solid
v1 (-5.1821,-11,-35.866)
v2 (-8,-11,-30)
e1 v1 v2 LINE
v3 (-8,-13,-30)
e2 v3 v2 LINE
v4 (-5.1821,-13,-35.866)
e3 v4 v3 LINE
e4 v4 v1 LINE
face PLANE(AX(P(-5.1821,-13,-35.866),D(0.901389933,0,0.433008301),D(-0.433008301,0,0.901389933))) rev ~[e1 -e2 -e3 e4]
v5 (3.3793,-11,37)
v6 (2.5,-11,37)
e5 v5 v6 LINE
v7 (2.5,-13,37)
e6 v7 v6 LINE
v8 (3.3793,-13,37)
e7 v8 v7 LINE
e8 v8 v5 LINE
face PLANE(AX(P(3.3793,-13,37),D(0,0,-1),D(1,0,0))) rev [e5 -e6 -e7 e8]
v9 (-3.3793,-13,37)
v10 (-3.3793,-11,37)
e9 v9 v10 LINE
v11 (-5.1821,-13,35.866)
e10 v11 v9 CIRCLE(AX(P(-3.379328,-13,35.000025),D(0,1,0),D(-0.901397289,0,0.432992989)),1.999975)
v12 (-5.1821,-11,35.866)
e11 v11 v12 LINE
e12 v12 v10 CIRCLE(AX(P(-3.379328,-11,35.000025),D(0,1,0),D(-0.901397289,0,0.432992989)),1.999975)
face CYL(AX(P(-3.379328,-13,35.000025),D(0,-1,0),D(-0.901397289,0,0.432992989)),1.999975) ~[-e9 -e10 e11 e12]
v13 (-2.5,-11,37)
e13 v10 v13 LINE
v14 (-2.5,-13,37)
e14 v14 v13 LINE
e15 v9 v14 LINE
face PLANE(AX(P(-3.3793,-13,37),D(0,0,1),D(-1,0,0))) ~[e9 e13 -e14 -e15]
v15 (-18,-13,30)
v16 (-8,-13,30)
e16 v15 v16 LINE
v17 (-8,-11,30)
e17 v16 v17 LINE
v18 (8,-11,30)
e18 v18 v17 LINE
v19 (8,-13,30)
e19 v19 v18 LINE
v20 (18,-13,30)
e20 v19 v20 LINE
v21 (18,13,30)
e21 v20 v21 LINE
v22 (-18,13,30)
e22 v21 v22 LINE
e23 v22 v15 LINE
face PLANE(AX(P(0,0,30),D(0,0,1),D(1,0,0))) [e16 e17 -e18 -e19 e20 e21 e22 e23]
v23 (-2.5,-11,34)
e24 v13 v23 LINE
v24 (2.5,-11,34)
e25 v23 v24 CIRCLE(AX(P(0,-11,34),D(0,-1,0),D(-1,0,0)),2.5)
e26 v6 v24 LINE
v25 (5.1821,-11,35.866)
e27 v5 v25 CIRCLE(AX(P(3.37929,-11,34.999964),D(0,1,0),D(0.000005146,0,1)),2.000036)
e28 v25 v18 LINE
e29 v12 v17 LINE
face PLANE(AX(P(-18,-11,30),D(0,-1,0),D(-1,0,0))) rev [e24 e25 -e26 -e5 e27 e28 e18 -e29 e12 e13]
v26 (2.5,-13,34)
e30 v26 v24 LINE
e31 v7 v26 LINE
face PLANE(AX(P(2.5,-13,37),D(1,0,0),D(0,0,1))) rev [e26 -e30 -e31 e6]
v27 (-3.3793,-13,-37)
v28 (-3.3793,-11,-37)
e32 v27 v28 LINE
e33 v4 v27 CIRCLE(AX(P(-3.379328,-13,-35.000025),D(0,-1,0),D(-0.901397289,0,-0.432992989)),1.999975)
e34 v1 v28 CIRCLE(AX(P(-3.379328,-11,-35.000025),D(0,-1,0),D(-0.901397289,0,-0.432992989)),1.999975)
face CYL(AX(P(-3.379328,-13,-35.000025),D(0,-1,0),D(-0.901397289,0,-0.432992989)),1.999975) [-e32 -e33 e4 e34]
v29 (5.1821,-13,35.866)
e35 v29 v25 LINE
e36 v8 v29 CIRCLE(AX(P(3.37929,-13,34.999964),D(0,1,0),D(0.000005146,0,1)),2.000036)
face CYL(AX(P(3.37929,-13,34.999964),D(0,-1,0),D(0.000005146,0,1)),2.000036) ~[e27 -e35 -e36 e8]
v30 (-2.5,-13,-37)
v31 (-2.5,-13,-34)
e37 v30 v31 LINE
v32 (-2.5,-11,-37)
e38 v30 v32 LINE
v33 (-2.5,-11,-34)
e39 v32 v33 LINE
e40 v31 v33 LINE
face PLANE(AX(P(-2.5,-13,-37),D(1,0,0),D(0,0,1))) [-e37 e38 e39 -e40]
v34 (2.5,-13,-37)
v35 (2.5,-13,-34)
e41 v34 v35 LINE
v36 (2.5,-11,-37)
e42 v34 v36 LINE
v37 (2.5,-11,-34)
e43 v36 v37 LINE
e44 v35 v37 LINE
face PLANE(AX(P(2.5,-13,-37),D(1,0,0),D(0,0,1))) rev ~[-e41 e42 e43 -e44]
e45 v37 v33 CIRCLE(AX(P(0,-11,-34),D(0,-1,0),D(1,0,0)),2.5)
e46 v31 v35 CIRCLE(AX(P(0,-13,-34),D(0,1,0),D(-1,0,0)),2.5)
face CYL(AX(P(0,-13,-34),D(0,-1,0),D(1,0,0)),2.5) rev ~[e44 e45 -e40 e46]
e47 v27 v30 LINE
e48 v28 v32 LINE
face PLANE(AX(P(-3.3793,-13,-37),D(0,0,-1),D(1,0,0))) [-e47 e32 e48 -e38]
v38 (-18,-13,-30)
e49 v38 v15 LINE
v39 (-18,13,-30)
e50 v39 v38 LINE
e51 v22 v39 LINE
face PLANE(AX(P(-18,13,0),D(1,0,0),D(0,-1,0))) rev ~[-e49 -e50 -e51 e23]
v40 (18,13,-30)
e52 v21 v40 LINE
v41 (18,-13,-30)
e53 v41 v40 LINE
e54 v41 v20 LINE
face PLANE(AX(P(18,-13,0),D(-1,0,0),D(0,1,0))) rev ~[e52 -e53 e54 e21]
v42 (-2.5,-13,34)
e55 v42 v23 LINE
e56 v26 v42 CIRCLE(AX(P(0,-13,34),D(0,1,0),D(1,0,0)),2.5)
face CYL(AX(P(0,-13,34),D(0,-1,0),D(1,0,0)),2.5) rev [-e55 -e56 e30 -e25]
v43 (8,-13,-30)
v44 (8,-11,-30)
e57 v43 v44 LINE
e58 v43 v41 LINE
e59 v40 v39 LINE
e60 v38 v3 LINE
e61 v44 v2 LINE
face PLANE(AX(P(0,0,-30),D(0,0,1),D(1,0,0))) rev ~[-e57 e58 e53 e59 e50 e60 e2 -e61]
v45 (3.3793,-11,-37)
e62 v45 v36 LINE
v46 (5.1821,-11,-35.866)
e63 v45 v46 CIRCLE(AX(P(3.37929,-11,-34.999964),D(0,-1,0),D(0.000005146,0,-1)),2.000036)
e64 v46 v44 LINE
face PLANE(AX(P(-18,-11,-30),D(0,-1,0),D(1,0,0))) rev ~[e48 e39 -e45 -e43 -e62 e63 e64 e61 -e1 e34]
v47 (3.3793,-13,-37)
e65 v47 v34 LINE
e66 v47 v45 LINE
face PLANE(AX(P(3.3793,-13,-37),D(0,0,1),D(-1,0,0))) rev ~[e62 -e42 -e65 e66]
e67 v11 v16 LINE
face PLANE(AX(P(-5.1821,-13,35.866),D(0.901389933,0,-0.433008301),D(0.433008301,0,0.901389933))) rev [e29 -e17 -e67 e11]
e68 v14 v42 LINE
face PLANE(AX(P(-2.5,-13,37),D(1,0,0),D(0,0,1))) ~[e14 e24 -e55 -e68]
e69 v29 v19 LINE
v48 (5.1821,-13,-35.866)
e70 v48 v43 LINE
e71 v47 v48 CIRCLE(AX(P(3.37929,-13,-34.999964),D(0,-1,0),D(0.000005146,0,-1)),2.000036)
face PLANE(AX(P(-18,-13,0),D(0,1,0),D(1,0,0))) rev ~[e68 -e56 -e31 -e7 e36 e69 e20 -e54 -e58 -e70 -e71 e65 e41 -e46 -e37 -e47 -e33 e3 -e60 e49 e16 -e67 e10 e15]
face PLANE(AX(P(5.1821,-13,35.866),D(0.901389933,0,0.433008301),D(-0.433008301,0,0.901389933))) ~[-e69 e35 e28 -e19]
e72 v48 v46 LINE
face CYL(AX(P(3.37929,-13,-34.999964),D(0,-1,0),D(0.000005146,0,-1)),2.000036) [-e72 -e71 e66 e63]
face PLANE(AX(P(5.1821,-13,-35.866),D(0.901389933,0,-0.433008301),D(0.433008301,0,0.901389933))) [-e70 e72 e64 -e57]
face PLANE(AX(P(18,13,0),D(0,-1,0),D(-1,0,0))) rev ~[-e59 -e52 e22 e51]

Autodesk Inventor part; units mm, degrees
ref_plane "YZ Plane" through (0, 0, 0) normal (1, 0, 0) x (0, 1, 0)
ref_plane "XZ Plane" through (0, 0, 0) normal (0, 1, 0) x (-1, 0, 0)
ref_plane "XY Plane" through (0, 0, 0) normal (0, 0, 1) x (1, 0, 0)
sketch "草图1" plane through (0, 0, 0) normal (0, 0, 1) x (1, 0, 0)
  line L0 (-18, -13) -> (18, -13)
  line L1 (18, -13) -> (18, 13)
  line L2 (18, 13) -> (-18, 13)
  line L3 (-18, 13) -> (-18, -13)
  point P0 (0, 0)
  point P1 (0, 13)
  point P2 (-18, 0)
  dimension "d0" = 36
  dimension "d1" = 26
extrude "拉伸1" add sketch "草图1" along normal mid plane 60
sketch "草图2" plane through (-18, -13, -30) normal (0, -1, 0) x (1, 0, 0)
  line L0 (0, 0) -> (0, 60) projected
  line L1 (36, 60) -> (0, 60) projected
  line L2 (36, 0) -> (0, 0) projected
  arc A0 (20.5, -4) -> (18, -1.5) centre (18, -4) ccw
  line L3 (21.3793, -7) -> (20.5, -7)
  line L4 (20.5, -7) -> (20.5, -4)
  line L5 (23.1821, -5.866) -> (26, 0)
  arc A1 (18, -1.5) -> (15.5, -4) centre (18, -4) ccw
  line L6 (14.6207, -7) -> (15.5, -7)
  line L7 (15.5, -7) -> (15.5, -4)
  line L8 (12.8179, -5.866) -> (10, 0)
  arc A2 (21.3793, -7) -> (23.1821, -5.866) centre (21.3793, -5) ccw
  arc A3 (12.8179, -5.866) -> (14.6207, -7) centre (14.6207, -5) ccw
  point P0 (18, 30)
  point P1 (22.6373, 30)
  point P2 (0, 30)
  point P3 (18, 0)
  point P4 (18, 30)
  point P5 (0, 30)
  point P6 (18, 0)
  point P7 (10, 0)
  dimension "d6" = 5
  dimension "d9" = 2
extrude "拉伸2" add sketch "草图2" against normal blind 2
mirror "镜像1" about plane through (0, 0, 0) normal (0, 0, 1) of "拉伸2"
properties part number "DC_DC_POWER"
